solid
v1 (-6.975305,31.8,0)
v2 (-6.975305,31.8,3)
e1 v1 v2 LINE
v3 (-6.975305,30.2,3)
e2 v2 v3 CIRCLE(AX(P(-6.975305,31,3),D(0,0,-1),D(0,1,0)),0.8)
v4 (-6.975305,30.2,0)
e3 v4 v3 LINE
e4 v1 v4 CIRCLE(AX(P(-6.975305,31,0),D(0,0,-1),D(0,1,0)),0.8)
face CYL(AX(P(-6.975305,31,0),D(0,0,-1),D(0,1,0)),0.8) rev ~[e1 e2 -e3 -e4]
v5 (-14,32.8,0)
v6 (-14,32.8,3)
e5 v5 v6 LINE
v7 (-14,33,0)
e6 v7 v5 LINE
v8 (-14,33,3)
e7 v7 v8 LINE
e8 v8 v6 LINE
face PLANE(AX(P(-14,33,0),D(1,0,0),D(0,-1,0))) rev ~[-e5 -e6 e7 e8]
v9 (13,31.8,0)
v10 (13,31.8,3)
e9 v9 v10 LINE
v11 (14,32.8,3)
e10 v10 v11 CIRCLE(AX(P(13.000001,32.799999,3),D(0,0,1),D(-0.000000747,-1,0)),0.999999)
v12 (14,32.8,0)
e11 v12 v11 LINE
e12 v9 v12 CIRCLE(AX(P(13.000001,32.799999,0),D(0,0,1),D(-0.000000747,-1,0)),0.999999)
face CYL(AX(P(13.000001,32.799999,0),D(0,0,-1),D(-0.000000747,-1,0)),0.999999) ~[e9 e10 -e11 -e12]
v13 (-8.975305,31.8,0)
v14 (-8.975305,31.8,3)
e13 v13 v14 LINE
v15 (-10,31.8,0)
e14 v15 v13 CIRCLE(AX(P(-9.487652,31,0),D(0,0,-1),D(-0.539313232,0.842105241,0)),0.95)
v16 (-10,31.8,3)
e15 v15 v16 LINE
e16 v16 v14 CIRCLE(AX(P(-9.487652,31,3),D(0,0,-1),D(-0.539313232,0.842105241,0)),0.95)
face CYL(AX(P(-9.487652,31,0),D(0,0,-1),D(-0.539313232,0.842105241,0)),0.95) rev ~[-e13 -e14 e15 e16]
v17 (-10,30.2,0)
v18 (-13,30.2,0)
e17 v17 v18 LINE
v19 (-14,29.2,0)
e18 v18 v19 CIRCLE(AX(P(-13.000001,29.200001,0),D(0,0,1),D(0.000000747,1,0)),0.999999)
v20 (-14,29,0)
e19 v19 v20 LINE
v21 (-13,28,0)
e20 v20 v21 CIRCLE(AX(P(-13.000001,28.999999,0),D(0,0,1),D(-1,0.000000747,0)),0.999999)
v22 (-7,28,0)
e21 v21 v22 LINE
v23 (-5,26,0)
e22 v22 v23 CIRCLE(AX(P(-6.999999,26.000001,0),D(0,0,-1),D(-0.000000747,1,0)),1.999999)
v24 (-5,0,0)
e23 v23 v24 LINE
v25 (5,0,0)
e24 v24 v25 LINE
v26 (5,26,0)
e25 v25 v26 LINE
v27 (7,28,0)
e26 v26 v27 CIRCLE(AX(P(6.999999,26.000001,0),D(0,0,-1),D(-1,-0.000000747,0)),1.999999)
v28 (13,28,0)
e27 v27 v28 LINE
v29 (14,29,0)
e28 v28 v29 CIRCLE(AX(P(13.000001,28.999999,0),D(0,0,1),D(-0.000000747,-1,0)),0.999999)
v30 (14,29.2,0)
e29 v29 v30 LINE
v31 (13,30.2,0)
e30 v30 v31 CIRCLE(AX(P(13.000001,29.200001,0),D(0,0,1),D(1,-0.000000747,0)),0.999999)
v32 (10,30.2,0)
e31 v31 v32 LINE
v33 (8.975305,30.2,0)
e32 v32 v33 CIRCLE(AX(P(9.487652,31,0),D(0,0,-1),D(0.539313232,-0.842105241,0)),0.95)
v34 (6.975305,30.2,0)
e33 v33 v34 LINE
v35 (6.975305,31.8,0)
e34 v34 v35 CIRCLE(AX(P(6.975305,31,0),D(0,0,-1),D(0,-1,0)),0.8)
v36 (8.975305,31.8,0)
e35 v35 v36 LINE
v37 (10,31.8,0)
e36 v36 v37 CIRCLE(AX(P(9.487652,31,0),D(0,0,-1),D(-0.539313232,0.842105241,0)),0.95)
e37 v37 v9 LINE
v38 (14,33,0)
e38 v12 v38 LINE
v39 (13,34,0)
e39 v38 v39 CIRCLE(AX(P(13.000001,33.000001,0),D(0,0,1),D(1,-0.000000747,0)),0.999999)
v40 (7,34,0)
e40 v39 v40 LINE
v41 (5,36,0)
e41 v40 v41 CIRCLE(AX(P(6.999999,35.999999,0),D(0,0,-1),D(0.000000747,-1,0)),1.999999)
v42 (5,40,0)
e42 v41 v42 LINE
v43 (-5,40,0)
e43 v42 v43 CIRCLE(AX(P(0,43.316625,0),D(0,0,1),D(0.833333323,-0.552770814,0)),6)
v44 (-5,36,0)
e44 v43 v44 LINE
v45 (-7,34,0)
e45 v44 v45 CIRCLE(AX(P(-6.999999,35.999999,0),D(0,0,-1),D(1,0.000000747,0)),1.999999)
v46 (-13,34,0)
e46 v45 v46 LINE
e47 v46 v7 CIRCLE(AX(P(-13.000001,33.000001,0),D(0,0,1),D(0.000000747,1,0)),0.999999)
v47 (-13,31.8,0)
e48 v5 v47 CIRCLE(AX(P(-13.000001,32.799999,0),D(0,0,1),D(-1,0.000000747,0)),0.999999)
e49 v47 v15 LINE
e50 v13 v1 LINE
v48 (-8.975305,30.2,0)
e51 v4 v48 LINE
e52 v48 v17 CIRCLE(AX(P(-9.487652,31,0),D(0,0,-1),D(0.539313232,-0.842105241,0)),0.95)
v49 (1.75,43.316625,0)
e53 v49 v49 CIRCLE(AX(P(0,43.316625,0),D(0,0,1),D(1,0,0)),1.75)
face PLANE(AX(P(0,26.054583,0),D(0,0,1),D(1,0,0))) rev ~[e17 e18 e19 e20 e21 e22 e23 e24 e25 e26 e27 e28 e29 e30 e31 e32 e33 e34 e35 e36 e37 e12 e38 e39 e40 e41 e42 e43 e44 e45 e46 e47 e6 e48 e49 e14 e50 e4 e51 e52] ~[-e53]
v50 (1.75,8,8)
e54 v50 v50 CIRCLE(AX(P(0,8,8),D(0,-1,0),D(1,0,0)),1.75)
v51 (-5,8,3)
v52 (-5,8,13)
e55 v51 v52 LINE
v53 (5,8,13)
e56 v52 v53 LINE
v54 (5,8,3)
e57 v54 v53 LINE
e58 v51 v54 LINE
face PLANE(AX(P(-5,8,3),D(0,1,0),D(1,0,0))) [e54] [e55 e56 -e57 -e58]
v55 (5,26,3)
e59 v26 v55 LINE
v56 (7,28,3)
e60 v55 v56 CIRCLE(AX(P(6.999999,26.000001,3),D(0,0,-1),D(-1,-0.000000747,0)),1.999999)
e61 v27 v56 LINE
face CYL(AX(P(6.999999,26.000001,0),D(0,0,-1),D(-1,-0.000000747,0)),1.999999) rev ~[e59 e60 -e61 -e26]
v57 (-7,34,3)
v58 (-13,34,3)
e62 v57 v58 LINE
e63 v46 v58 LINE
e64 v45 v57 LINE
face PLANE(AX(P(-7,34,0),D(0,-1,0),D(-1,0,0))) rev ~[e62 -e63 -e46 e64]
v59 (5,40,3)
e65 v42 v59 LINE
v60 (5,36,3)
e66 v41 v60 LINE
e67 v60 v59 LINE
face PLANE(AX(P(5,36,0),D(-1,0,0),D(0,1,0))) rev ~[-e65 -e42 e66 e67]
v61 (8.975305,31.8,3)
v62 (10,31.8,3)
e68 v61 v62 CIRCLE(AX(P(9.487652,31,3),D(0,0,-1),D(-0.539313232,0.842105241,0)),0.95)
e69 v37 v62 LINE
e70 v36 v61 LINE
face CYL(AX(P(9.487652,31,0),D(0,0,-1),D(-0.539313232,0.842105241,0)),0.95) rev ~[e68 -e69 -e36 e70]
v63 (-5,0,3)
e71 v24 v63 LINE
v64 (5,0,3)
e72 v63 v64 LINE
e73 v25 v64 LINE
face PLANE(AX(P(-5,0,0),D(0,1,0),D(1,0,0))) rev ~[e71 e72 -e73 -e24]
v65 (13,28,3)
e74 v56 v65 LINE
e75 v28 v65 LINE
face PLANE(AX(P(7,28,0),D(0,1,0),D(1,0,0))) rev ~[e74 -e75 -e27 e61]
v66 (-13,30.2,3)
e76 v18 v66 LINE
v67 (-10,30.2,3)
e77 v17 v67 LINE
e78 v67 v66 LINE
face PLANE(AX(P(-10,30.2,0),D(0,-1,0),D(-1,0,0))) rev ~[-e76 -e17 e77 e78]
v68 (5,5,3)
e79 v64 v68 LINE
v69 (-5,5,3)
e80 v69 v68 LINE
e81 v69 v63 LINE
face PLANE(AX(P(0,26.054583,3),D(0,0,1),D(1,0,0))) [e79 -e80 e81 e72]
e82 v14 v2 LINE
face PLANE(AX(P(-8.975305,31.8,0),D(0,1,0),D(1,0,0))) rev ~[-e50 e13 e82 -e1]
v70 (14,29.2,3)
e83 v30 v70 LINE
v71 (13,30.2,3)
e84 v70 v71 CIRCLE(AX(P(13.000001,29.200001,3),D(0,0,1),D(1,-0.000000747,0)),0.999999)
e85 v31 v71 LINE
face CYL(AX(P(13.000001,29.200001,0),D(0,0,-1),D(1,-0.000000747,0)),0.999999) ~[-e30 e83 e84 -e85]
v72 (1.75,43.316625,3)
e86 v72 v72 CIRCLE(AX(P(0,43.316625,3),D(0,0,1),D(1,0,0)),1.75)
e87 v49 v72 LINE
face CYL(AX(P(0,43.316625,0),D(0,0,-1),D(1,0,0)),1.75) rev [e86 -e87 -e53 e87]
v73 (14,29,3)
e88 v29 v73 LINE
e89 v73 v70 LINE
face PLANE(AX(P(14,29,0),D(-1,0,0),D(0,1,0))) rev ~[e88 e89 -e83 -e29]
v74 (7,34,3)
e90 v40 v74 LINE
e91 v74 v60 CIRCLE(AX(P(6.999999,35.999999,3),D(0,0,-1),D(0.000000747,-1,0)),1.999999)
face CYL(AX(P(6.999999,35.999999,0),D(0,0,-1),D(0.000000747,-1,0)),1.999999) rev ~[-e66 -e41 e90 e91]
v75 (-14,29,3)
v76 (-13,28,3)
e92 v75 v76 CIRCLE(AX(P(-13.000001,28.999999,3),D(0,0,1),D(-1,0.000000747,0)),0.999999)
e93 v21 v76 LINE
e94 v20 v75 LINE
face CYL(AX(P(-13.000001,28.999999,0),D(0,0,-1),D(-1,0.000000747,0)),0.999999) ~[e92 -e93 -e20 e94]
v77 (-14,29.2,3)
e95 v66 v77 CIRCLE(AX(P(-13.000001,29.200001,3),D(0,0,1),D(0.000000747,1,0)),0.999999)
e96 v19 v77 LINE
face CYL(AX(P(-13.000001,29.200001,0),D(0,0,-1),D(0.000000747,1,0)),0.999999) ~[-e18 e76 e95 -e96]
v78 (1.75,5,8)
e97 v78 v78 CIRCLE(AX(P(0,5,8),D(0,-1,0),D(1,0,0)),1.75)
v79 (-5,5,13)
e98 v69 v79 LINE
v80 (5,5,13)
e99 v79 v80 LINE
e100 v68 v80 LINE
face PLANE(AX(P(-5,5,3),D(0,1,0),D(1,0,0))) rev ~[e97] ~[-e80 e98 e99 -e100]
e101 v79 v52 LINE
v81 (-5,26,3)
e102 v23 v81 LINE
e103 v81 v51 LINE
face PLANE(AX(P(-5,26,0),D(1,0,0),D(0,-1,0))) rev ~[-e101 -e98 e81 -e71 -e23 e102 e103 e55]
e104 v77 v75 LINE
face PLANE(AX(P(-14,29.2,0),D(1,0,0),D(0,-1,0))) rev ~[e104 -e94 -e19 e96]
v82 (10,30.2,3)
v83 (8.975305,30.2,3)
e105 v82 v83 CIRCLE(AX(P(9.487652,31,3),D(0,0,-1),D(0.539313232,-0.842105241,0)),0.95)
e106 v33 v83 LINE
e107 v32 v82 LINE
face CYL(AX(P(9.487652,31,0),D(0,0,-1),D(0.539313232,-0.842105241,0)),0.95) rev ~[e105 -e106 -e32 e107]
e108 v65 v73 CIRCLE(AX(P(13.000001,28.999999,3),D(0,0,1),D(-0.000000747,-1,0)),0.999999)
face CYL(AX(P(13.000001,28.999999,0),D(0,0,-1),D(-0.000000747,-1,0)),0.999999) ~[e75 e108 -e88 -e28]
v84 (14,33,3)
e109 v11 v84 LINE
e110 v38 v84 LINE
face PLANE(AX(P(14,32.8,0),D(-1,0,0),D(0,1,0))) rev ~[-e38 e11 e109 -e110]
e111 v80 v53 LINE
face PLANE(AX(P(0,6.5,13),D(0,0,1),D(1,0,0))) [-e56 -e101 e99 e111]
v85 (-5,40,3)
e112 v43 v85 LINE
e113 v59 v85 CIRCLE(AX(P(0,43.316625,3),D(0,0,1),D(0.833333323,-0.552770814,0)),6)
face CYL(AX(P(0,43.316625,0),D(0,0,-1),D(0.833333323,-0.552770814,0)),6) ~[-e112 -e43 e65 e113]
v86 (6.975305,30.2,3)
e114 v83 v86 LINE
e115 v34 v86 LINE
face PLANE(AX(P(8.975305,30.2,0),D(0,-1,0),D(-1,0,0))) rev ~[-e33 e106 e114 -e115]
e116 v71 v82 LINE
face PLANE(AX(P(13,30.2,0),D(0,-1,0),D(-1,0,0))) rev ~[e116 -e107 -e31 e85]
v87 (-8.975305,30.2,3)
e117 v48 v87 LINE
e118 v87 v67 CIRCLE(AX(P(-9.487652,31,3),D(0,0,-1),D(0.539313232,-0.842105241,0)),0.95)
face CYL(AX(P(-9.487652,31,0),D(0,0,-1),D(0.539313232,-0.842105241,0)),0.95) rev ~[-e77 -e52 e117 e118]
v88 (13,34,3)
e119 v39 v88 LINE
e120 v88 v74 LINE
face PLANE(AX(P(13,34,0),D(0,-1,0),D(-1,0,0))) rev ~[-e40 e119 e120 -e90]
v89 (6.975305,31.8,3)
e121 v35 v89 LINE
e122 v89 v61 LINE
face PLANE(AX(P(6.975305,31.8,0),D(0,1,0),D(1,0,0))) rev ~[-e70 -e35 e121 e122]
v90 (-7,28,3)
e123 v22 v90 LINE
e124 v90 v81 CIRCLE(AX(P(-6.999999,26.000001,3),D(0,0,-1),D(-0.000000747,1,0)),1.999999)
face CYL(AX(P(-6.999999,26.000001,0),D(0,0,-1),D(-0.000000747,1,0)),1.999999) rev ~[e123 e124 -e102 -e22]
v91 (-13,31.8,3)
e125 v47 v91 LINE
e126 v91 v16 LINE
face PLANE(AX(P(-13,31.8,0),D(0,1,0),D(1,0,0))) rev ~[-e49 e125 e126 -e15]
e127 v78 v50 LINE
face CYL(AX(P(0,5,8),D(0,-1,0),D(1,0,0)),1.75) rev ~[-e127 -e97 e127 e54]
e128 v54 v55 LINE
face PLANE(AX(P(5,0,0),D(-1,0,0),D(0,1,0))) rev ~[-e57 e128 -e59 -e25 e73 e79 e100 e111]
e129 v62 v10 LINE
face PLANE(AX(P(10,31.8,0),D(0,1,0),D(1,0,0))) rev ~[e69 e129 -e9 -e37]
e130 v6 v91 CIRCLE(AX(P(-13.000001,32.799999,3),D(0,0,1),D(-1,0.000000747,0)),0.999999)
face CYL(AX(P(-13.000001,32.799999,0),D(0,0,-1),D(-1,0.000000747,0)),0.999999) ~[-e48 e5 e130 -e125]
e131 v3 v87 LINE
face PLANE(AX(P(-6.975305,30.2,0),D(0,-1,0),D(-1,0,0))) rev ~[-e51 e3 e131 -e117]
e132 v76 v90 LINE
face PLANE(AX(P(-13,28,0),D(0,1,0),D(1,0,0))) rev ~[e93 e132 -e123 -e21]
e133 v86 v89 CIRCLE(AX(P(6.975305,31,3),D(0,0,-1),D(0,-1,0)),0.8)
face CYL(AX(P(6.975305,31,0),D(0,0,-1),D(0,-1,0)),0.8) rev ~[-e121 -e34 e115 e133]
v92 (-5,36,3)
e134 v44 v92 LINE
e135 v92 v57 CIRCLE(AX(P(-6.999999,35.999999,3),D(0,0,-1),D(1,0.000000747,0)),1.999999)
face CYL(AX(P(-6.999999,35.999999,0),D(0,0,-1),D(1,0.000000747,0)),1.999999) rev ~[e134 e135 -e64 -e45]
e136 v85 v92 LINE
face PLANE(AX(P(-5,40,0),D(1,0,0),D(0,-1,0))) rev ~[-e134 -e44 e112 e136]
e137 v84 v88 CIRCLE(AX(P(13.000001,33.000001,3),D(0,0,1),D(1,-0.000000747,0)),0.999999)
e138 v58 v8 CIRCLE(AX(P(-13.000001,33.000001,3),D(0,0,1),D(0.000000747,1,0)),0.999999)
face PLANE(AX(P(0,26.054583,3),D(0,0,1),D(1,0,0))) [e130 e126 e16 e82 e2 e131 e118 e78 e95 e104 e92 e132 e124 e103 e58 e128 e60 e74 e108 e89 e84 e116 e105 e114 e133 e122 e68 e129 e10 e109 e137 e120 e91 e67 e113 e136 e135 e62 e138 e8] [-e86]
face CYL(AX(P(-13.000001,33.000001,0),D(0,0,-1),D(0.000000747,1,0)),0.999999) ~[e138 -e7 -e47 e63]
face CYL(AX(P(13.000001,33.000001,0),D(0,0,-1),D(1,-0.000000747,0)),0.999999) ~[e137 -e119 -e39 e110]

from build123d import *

# Parameters (mm, degrees)
F0_R     = 1.75
F1_DEPTH = 3
F2_W     = 10
F2_H     = 3
F3_DEPTH = 10
F4_R     = 1.75
F5_DEPTH = 44.317625


with BuildPart() as f1:
    # F0 (on Top) → F1 (new body)
    with BuildSketch(Plane.XY):
        with BuildLine():
            Line((-5, 26), (-5, 0))
            Line((-5, 0), (5, 0))
            Line((5, 0), (5, 26))
            ThreePointArc((5, 26), (5.585786, 27.414214), (7, 28))
            Line((7, 28), (13, 28))
            ThreePointArc((13, 28), (13.707107, 28.292893), (14, 29))
            Line((14, 29), (14, 29.2))
            ThreePointArc((14, 29.2), (13.707107, 29.907107), (13, 30.2))
            Line((13, 30.2), (10, 30.2))
            ThreePointArc((10, 30.2), (9.487652, 30.05), (8.975305, 30.2))
            Line((8.975305, 30.2), (6.975305, 30.2))
            ThreePointArc((6.975305, 30.2), (6.175305, 31), (6.975305, 31.8))
            Line((6.975305, 31.8), (8.975305, 31.8))
            ThreePointArc((8.975305, 31.8), (9.487652, 31.95), (10, 31.8))
            Line((10, 31.8), (13, 31.8))
            ThreePointArc((13, 31.8), (13.707107, 32.092893), (14, 32.8))
            Line((14, 32.8), (14, 33))
            ThreePointArc((14, 33), (13.707107, 33.707107), (13, 34))
            Line((13, 34), (7, 34))
            ThreePointArc((7, 34), (5.585786, 34.585786), (5, 36))
            Line((5, 36), (5, 40))
            ThreePointArc((5, 40), (0, 49.316625), (-5, 40))
            Line((-5, 40), (-5, 36))
            ThreePointArc((-5, 36), (-5.585786, 34.585786), (-7, 34))
            Line((-7, 34), (-13, 34))
            ThreePointArc((-13, 34), (-13.707107, 33.707107), (-14, 33))
            Line((-14, 33), (-14, 32.8))
            ThreePointArc((-14, 32.8), (-13.707107, 32.092893), (-13, 31.8))
            Line((-13, 31.8), (-10, 31.8))
            ThreePointArc((-10, 31.8), (-9.487652, 31.95), (-8.975305, 31.8))
            Line((-8.975305, 31.8), (-6.975305, 31.8))
            ThreePointArc((-6.975305, 31.8), (-6.175305, 31), (-6.975305, 30.2))
            Line((-6.975305, 30.2), (-8.975305, 30.2))
            ThreePointArc((-8.975305, 30.2), (-9.487652, 30.05), (-10, 30.2))
            Line((-10, 30.2), (-13, 30.2))
            ThreePointArc((-13, 30.2), (-13.707107, 29.907107), (-14, 29.2))
            Line((-14, 29.2), (-14, 29))
            ThreePointArc((-14, 29), (-13.707107, 28.292893), (-13, 28))
            Line((-13, 28), (-7, 28))
            ThreePointArc((-7, 28), (-5.585786, 27.414214), (-5, 26))
        make_face()
        with Locations((0, 43.316625)):
            Circle(F0_R, mode=Mode.SUBTRACT)
    extrude(amount=F1_DEPTH)

    # F2 (on face) → F3 (join)
    with BuildSketch(Plane.XY.offset(3)):
        with Locations((0, 6.5)):
            Rectangle(F2_W, F2_H)
    extrude(amount=F3_DEPTH)

    # F4 (on face) → F5 (cut, through all)
    with BuildSketch(Plane.XZ.offset(-5)):
        with Locations((0, 8)):
            Circle(F4_R)
    extrude(amount=-F5_DEPTH, mode=Mode.SUBTRACT)


solid = f1.part
